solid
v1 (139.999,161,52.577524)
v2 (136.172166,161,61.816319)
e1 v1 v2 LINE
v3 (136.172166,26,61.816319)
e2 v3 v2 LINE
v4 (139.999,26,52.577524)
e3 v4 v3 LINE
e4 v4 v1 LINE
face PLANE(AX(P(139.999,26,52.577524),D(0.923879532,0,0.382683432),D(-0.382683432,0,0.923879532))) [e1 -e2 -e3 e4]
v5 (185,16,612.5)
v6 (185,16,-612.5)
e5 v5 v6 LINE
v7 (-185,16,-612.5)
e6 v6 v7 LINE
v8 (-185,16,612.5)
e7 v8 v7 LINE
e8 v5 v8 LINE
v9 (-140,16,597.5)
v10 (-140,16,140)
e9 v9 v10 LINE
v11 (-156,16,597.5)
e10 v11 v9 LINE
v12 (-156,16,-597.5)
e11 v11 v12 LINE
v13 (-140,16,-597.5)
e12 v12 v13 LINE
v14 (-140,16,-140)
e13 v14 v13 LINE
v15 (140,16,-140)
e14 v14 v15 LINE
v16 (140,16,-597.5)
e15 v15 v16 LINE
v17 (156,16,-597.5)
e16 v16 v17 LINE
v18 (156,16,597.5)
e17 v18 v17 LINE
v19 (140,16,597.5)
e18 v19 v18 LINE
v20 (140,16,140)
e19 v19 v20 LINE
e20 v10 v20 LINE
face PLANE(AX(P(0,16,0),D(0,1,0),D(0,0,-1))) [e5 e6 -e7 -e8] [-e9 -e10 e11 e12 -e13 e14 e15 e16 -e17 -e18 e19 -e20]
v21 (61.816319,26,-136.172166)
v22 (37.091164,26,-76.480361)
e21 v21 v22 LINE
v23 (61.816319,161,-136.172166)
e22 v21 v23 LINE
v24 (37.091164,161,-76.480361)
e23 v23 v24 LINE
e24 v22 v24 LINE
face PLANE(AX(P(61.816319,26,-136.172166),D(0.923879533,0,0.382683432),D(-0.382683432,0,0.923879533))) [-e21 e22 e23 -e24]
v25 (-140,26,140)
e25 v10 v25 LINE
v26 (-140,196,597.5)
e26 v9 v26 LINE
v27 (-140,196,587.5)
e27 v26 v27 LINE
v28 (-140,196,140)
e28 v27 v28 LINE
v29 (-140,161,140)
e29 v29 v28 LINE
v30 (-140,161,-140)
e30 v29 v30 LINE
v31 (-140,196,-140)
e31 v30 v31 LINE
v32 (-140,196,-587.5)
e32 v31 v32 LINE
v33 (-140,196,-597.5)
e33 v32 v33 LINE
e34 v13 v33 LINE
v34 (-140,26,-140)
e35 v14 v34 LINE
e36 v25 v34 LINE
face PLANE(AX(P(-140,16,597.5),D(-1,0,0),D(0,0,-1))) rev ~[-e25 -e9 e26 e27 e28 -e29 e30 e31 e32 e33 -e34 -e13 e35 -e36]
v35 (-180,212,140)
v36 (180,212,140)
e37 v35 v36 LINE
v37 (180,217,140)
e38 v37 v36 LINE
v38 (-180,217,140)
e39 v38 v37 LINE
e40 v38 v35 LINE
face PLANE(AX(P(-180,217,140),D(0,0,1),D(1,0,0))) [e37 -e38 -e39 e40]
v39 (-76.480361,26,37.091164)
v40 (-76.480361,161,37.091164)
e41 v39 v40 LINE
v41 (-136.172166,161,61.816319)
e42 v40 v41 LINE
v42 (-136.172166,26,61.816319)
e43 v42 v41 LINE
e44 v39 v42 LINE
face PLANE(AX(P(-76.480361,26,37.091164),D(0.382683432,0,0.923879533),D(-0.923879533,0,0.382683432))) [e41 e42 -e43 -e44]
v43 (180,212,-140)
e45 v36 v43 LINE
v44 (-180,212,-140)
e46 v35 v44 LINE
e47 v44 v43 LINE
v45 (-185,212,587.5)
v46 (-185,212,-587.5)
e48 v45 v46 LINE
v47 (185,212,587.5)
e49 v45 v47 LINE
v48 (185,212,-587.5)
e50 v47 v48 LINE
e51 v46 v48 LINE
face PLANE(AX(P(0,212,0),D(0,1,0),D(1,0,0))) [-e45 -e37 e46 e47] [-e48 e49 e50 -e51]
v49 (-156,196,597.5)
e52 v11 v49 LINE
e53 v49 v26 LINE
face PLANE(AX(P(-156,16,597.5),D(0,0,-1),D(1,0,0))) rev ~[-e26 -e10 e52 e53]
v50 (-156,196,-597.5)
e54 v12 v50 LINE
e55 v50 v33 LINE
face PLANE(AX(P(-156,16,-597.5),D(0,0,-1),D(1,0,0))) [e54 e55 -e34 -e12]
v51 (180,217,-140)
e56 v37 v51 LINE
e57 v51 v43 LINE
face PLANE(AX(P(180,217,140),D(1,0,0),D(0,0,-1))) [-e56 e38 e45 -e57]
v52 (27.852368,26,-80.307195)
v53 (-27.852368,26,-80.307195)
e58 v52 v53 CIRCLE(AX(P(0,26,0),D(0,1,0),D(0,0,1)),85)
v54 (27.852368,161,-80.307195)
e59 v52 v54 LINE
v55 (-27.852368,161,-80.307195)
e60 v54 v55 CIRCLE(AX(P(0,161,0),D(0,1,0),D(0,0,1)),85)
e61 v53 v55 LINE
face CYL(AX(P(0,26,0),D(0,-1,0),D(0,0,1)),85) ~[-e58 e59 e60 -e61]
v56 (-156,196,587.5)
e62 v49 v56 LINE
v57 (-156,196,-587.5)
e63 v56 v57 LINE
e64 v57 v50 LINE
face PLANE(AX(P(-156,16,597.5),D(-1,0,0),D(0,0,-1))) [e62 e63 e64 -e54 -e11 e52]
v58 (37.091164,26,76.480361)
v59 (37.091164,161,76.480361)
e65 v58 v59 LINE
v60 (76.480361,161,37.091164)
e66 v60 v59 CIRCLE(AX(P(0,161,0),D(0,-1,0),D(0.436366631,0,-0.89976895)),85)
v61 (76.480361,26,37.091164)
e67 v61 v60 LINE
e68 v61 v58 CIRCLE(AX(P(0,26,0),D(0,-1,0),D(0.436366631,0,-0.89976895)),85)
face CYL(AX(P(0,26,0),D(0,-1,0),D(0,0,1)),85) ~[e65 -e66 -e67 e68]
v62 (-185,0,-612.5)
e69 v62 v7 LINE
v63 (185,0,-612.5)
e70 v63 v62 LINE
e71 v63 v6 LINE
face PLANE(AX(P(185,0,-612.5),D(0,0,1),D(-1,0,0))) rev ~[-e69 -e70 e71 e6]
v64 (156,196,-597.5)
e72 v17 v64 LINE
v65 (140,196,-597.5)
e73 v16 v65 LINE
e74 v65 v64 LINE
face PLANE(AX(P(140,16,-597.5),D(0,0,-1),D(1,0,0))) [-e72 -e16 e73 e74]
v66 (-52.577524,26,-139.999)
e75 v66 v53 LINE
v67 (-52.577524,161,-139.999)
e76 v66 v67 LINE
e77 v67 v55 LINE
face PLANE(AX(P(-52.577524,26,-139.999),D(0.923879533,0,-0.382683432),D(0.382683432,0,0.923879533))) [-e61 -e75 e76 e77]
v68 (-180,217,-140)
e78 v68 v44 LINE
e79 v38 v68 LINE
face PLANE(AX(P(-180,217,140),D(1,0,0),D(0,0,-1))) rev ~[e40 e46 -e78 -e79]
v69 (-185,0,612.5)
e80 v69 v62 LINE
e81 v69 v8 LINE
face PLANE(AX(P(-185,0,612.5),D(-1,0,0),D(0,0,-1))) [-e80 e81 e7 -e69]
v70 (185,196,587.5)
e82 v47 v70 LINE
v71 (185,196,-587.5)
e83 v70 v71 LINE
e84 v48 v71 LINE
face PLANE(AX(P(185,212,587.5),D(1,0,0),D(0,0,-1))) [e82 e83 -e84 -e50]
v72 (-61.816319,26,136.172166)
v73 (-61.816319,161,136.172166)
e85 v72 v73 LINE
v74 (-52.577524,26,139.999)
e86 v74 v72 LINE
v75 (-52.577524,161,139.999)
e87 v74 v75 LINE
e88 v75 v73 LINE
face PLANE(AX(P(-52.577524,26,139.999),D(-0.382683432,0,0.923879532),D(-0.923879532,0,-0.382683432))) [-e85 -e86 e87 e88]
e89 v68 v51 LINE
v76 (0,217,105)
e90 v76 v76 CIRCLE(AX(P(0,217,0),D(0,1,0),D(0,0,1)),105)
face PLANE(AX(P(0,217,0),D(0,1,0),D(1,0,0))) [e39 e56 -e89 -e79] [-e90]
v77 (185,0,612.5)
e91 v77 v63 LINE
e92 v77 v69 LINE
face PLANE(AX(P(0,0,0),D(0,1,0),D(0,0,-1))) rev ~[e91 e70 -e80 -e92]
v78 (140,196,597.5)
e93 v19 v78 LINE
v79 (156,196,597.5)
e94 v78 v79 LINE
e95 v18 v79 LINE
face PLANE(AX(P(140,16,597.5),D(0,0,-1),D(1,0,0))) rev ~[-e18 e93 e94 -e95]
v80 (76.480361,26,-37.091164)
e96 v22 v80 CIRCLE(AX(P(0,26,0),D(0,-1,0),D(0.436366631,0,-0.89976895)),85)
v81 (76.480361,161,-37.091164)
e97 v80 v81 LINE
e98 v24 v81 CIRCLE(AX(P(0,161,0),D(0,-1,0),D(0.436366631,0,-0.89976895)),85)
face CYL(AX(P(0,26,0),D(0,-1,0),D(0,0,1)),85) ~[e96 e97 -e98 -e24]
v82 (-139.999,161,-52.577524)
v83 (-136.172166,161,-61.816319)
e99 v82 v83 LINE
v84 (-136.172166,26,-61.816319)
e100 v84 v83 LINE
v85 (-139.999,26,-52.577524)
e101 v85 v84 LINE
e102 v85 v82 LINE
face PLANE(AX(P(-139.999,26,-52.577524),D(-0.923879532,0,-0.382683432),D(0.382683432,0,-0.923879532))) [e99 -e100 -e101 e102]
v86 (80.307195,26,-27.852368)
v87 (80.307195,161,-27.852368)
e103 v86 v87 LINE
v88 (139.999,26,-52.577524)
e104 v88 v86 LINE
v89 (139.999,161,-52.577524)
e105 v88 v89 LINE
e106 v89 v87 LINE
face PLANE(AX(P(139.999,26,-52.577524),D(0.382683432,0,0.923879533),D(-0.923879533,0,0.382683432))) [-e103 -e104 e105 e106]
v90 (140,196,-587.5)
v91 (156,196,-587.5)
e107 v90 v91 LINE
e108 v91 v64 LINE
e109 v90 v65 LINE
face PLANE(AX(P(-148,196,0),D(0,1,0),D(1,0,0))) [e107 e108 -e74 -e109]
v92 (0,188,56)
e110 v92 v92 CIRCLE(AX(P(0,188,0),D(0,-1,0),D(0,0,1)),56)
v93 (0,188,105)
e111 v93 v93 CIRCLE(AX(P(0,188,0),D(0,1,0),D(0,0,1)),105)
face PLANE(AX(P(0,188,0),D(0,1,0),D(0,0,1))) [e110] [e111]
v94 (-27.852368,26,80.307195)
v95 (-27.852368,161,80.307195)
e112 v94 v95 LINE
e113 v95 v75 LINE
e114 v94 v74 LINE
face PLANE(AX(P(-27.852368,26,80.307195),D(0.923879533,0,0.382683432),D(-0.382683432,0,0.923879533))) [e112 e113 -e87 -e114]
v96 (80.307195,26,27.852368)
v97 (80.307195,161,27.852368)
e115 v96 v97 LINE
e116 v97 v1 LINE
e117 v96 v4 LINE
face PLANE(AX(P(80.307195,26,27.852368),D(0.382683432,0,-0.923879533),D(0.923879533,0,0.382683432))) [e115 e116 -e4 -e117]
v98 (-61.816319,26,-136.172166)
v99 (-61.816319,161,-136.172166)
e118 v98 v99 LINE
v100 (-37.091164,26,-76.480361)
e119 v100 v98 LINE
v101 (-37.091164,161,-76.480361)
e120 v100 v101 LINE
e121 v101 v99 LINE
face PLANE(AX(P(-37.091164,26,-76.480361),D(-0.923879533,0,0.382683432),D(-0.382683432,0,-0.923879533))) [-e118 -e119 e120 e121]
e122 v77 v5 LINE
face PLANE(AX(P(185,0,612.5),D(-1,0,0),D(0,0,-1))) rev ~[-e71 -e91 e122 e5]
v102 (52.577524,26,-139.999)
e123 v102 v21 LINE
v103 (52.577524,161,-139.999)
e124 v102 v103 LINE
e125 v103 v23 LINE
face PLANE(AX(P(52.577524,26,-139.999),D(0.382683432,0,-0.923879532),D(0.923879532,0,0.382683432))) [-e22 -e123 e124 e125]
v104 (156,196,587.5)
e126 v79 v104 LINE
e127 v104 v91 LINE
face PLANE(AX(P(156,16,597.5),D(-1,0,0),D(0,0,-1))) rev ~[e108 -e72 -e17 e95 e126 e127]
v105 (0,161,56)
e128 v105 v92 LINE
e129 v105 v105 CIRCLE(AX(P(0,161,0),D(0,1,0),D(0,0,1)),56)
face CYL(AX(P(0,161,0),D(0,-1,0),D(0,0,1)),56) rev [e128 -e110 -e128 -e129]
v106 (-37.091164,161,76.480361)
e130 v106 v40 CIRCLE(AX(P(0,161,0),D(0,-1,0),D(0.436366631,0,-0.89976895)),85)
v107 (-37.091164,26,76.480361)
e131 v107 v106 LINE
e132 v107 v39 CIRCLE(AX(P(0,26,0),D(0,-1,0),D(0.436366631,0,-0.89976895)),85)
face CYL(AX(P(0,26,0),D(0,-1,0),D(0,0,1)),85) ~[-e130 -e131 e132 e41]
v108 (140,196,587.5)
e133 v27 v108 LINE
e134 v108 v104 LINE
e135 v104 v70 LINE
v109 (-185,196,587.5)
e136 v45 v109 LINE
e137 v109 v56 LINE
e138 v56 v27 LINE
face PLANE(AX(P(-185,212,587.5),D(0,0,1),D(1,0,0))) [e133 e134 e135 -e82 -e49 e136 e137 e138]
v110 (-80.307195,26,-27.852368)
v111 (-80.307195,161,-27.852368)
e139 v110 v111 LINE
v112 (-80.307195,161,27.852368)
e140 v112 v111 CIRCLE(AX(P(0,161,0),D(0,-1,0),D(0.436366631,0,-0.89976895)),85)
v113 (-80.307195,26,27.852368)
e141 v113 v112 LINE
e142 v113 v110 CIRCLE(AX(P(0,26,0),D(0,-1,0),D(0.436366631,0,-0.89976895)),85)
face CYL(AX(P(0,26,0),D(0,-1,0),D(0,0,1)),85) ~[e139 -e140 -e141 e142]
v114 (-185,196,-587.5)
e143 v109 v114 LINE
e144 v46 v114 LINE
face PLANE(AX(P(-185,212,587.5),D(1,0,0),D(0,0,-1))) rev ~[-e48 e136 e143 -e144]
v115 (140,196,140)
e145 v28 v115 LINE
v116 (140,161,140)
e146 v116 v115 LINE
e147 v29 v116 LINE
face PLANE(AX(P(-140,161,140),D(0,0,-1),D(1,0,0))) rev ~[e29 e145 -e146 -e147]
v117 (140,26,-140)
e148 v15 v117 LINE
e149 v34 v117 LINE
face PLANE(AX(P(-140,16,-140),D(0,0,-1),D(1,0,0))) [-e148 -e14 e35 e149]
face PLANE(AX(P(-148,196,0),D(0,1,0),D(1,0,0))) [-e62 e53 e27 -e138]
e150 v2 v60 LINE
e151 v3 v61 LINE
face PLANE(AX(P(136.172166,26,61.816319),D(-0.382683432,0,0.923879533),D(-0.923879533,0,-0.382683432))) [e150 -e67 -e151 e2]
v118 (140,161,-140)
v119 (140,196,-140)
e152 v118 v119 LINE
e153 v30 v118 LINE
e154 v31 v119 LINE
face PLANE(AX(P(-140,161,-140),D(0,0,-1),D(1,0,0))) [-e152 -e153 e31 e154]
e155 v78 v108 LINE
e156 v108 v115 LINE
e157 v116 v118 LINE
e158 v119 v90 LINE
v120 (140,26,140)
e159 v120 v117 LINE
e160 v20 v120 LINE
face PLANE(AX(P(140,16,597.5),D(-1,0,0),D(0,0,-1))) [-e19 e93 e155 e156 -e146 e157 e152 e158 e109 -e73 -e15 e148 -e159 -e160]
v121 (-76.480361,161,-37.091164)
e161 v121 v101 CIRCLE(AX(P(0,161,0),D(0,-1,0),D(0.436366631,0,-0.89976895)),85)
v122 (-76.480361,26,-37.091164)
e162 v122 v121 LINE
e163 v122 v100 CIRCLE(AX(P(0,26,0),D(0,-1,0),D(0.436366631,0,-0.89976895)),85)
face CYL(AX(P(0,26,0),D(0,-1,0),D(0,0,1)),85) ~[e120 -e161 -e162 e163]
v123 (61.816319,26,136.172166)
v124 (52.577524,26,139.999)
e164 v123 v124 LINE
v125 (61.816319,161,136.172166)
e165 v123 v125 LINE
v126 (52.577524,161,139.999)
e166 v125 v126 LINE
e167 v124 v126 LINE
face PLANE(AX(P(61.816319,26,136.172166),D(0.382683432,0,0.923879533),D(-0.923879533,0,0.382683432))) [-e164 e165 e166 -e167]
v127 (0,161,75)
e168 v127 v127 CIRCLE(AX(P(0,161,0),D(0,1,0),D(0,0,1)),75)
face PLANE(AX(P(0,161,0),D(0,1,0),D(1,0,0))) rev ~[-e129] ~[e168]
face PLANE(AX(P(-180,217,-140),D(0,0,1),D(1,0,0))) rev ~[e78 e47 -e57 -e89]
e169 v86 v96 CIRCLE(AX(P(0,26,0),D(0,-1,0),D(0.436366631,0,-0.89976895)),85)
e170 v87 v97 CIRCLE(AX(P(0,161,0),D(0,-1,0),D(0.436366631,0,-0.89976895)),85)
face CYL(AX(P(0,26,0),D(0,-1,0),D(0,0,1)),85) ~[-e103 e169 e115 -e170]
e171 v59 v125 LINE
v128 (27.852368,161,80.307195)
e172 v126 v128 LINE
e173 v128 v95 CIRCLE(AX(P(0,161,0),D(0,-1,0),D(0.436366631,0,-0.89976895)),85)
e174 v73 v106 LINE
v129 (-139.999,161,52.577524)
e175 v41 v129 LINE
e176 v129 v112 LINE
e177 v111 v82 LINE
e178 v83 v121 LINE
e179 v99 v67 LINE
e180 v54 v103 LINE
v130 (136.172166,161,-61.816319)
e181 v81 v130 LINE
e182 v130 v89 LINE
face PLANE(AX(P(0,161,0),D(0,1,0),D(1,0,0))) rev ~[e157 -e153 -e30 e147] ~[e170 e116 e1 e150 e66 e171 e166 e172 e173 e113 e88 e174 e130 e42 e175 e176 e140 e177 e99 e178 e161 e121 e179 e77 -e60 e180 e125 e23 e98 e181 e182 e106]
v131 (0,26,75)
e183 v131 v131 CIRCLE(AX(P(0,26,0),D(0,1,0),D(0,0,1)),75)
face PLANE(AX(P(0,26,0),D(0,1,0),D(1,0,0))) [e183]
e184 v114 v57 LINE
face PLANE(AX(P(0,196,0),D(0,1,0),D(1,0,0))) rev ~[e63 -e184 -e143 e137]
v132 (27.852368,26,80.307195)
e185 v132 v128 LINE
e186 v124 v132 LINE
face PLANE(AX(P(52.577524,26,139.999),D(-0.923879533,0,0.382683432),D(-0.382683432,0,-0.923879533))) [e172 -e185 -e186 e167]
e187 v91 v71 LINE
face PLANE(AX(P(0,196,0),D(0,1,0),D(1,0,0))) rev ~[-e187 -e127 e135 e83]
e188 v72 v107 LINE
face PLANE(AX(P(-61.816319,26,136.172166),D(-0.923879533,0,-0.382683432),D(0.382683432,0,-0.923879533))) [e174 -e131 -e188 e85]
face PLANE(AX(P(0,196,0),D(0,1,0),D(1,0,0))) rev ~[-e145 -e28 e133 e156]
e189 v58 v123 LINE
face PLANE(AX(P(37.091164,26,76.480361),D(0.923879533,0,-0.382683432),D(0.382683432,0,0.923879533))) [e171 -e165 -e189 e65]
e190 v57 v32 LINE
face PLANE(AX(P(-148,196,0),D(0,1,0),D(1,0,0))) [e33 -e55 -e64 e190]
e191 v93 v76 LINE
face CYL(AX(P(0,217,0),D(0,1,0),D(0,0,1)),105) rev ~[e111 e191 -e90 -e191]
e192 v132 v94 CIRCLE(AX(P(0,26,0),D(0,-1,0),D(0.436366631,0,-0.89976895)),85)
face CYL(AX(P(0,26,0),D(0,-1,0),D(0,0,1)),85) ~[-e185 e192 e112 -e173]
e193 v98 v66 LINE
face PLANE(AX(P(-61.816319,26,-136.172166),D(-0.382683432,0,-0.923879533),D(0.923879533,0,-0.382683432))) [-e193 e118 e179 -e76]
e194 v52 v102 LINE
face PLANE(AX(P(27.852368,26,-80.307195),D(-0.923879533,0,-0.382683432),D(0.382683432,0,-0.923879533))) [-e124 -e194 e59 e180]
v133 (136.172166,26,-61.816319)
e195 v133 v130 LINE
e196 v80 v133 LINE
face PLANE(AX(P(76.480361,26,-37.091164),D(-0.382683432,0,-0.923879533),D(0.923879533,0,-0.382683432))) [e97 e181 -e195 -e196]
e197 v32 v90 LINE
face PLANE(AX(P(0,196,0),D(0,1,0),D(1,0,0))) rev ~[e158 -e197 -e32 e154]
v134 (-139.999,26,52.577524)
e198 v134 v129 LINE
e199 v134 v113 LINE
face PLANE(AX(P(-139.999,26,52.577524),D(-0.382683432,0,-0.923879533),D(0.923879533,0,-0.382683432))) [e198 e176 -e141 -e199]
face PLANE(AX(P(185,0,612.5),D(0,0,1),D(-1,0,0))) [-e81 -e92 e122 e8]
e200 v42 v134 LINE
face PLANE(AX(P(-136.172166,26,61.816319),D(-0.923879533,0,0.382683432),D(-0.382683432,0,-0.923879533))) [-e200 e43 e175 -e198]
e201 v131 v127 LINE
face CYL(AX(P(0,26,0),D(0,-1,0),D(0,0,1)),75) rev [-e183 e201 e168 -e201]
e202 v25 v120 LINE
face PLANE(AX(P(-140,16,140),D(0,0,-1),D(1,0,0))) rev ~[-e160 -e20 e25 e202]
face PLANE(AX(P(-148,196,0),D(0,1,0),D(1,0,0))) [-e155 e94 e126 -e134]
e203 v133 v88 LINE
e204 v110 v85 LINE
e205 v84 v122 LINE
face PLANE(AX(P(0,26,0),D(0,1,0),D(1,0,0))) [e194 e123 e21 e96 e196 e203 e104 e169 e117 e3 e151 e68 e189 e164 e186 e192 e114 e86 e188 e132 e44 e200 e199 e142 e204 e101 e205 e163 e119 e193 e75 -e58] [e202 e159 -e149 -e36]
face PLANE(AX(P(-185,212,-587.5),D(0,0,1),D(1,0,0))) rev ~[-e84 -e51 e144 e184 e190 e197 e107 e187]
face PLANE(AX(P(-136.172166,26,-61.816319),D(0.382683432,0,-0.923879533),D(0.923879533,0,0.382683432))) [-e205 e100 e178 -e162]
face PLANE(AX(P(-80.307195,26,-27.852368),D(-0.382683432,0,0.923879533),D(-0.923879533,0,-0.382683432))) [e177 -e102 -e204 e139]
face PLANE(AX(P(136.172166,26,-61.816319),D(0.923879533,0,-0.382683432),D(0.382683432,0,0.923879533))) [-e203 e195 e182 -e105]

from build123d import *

# Parameters (mm, degrees)
SKETCH_1_W               = 1225
SKETCH_1_H               = 370
EXTRUDE_1_DEPTH          = 16
SKETCH_2_W               = 280
SKETCH_2_H               = 280
EXTRUDE_2_DEPTH          = 10
SKETCH_3_R               = 85
SKETCH_3_R_2             = 75
EXTRUDE_3_DEPTH          = 135
EXTRUDE_4_DEPTH          = 135
PATTERN_CIRCULAR_1_COUNT = 8
SKETCH_5_W               = 280
SKETCH_5_H               = 280
SKETCH_5_R               = 56
EXTRUDE_5_DEPTH          = 35
SKETCH_6_R               = 105
CUT_EXTRUDE_1_DEPTH      = 8
SKETCH_7_W               = 16
SKETCH_7_H               = 1195
EXTRUDE_8_DEPTH          = 180
EXTRUDE_START            = 16
SKETCH_8_W               = 370
SKETCH_8_H               = 1175
SKETCH_8_R               = 105
EXTRUDE_9_DEPTH          = 16
EXTRUDE_START_2          = 5
SKETCH_9_W               = 360
SKETCH_9_H               = 280
SKETCH_9_R               = 105
EXTRUDE_10_DEPTH         = 5


with BuildPart() as part:
    # 草图1 → 凸台-拉伸1 (new body)
    with BuildSketch(Plane(origin=(0, 0, 0), x_dir=(0, 0, -1), z_dir=(0, 1, 0))):
        Rectangle(SKETCH_1_W, SKETCH_1_H)
    extrude(amount=EXTRUDE_1_DEPTH)

    # 草图2 → 凸台-拉伸2 (add)
    with BuildSketch(Plane(origin=(0, 16, 0), x_dir=(1, 0, 0), z_dir=(0, 1, 0))):
        Rectangle(SKETCH_2_W, SKETCH_2_H)
    extrude(amount=EXTRUDE_2_DEPTH)

    # 草图3 → 凸台-拉伸3 (add)
    with BuildSketch(Plane(origin=(0, 26, 0), x_dir=(1, 0, 0), z_dir=(0, 1, 0))):
        with Locations(Location((0, 0, 0), (0, 0, 270))):
            Circle(SKETCH_3_R)
        with Locations(Location((0, 0, 0), (0, 0, 270))):
            Circle(SKETCH_3_R_2, mode=Mode.SUBTRACT)
    extrude(amount=EXTRUDE_3_DEPTH)

    # 草图4 → 凸台-拉伸4 (add)
    with BuildSketch(Plane(origin=(0, 26, 0), x_dir=(1, 0, 0), z_dir=(0, 1, 0))):
        with BuildLine():
            Line((27.852368346, 80.307195054), (52.577523517, 139.999))
            Line((52.577523517, 139.999), (61.816318842, 136.172165676))
            Line((61.816318842, 136.172165676), (37.091163671, 76.480360731))
            ThreePointArc((37.091163671, 76.480360731), (32.528091751, 78.529760263), (27.852368346, 80.307195054))
        make_face()
    extrude_4 = extrude(amount=EXTRUDE_4_DEPTH)

    # 阵列(圆周)1: 凸台-拉伸4 ×8 about axis
    pattern_circular_1_axis = Axis((0, 0, 0), (0, 1, 0))
    for i in range(1, PATTERN_CIRCULAR_1_COUNT):
        add(extrude_4.rotate(pattern_circular_1_axis, i * 360 / PATTERN_CIRCULAR_1_COUNT))

    # 草图5 → 凸台-拉伸5 (add)
    with BuildSketch(Plane(origin=(0, 161, 0), x_dir=(1, 0, 0), z_dir=(0, 1, 0))):
        Rectangle(SKETCH_5_W, SKETCH_5_H)
        with Locations(Location((0, 0, 0), (0, 0, 270))):
            Circle(SKETCH_5_R, mode=Mode.SUBTRACT)
    extrude(amount=EXTRUDE_5_DEPTH)

    # 草图6 → 切除-拉伸1 (cut)
    with BuildSketch(Plane(origin=(0, 196, 0), x_dir=(1, 0, 0), z_dir=(0, 1, 0))):
        with Locations(Location((0, 0, 0), (0, 0, 270))):
            Circle(SKETCH_6_R)
    extrude(amount=-CUT_EXTRUDE_1_DEPTH, mode=Mode.SUBTRACT)

    # 草图7 → 凸台-拉伸8 (add)
    with BuildSketch(Plane(origin=(0, 16, 0), x_dir=(1, 0, 0), z_dir=(0, 1, 0))):
        with Locations((-148, 0)):
            Rectangle(SKETCH_7_W, SKETCH_7_H)
        with Locations((148, 0)):
            Rectangle(SKETCH_7_W, SKETCH_7_H)
    extrude(amount=EXTRUDE_8_DEPTH)

    # 草图8 → 凸台-拉伸9 (add)
    with BuildSketch(Plane(origin=(0, 196, 0), x_dir=(1, 0, 0), z_dir=(0, 1, 0)).offset(EXTRUDE_START)):
        Rectangle(SKETCH_8_W, SKETCH_8_H)
        with Locations(Location((0, 0, 0), (0, 0, 270))):
            Circle(SKETCH_8_R, mode=Mode.SUBTRACT)
    extrude(amount=-EXTRUDE_9_DEPTH)

    # 草图9 → 凸台-拉伸10 (add)
    with BuildSketch(Plane(origin=(0, 212, 0), x_dir=(1, 0, 0), z_dir=(0, 1, 0)).offset(EXTRUDE_START_2)):
        Rectangle(SKETCH_9_W, SKETCH_9_H)
        with Locations(Location((0, 0, 0), (0, 0, 270))):
            Circle(SKETCH_9_R, mode=Mode.SUBTRACT)
    extrude(amount=-EXTRUDE_10_DEPTH)


solid = part.part
